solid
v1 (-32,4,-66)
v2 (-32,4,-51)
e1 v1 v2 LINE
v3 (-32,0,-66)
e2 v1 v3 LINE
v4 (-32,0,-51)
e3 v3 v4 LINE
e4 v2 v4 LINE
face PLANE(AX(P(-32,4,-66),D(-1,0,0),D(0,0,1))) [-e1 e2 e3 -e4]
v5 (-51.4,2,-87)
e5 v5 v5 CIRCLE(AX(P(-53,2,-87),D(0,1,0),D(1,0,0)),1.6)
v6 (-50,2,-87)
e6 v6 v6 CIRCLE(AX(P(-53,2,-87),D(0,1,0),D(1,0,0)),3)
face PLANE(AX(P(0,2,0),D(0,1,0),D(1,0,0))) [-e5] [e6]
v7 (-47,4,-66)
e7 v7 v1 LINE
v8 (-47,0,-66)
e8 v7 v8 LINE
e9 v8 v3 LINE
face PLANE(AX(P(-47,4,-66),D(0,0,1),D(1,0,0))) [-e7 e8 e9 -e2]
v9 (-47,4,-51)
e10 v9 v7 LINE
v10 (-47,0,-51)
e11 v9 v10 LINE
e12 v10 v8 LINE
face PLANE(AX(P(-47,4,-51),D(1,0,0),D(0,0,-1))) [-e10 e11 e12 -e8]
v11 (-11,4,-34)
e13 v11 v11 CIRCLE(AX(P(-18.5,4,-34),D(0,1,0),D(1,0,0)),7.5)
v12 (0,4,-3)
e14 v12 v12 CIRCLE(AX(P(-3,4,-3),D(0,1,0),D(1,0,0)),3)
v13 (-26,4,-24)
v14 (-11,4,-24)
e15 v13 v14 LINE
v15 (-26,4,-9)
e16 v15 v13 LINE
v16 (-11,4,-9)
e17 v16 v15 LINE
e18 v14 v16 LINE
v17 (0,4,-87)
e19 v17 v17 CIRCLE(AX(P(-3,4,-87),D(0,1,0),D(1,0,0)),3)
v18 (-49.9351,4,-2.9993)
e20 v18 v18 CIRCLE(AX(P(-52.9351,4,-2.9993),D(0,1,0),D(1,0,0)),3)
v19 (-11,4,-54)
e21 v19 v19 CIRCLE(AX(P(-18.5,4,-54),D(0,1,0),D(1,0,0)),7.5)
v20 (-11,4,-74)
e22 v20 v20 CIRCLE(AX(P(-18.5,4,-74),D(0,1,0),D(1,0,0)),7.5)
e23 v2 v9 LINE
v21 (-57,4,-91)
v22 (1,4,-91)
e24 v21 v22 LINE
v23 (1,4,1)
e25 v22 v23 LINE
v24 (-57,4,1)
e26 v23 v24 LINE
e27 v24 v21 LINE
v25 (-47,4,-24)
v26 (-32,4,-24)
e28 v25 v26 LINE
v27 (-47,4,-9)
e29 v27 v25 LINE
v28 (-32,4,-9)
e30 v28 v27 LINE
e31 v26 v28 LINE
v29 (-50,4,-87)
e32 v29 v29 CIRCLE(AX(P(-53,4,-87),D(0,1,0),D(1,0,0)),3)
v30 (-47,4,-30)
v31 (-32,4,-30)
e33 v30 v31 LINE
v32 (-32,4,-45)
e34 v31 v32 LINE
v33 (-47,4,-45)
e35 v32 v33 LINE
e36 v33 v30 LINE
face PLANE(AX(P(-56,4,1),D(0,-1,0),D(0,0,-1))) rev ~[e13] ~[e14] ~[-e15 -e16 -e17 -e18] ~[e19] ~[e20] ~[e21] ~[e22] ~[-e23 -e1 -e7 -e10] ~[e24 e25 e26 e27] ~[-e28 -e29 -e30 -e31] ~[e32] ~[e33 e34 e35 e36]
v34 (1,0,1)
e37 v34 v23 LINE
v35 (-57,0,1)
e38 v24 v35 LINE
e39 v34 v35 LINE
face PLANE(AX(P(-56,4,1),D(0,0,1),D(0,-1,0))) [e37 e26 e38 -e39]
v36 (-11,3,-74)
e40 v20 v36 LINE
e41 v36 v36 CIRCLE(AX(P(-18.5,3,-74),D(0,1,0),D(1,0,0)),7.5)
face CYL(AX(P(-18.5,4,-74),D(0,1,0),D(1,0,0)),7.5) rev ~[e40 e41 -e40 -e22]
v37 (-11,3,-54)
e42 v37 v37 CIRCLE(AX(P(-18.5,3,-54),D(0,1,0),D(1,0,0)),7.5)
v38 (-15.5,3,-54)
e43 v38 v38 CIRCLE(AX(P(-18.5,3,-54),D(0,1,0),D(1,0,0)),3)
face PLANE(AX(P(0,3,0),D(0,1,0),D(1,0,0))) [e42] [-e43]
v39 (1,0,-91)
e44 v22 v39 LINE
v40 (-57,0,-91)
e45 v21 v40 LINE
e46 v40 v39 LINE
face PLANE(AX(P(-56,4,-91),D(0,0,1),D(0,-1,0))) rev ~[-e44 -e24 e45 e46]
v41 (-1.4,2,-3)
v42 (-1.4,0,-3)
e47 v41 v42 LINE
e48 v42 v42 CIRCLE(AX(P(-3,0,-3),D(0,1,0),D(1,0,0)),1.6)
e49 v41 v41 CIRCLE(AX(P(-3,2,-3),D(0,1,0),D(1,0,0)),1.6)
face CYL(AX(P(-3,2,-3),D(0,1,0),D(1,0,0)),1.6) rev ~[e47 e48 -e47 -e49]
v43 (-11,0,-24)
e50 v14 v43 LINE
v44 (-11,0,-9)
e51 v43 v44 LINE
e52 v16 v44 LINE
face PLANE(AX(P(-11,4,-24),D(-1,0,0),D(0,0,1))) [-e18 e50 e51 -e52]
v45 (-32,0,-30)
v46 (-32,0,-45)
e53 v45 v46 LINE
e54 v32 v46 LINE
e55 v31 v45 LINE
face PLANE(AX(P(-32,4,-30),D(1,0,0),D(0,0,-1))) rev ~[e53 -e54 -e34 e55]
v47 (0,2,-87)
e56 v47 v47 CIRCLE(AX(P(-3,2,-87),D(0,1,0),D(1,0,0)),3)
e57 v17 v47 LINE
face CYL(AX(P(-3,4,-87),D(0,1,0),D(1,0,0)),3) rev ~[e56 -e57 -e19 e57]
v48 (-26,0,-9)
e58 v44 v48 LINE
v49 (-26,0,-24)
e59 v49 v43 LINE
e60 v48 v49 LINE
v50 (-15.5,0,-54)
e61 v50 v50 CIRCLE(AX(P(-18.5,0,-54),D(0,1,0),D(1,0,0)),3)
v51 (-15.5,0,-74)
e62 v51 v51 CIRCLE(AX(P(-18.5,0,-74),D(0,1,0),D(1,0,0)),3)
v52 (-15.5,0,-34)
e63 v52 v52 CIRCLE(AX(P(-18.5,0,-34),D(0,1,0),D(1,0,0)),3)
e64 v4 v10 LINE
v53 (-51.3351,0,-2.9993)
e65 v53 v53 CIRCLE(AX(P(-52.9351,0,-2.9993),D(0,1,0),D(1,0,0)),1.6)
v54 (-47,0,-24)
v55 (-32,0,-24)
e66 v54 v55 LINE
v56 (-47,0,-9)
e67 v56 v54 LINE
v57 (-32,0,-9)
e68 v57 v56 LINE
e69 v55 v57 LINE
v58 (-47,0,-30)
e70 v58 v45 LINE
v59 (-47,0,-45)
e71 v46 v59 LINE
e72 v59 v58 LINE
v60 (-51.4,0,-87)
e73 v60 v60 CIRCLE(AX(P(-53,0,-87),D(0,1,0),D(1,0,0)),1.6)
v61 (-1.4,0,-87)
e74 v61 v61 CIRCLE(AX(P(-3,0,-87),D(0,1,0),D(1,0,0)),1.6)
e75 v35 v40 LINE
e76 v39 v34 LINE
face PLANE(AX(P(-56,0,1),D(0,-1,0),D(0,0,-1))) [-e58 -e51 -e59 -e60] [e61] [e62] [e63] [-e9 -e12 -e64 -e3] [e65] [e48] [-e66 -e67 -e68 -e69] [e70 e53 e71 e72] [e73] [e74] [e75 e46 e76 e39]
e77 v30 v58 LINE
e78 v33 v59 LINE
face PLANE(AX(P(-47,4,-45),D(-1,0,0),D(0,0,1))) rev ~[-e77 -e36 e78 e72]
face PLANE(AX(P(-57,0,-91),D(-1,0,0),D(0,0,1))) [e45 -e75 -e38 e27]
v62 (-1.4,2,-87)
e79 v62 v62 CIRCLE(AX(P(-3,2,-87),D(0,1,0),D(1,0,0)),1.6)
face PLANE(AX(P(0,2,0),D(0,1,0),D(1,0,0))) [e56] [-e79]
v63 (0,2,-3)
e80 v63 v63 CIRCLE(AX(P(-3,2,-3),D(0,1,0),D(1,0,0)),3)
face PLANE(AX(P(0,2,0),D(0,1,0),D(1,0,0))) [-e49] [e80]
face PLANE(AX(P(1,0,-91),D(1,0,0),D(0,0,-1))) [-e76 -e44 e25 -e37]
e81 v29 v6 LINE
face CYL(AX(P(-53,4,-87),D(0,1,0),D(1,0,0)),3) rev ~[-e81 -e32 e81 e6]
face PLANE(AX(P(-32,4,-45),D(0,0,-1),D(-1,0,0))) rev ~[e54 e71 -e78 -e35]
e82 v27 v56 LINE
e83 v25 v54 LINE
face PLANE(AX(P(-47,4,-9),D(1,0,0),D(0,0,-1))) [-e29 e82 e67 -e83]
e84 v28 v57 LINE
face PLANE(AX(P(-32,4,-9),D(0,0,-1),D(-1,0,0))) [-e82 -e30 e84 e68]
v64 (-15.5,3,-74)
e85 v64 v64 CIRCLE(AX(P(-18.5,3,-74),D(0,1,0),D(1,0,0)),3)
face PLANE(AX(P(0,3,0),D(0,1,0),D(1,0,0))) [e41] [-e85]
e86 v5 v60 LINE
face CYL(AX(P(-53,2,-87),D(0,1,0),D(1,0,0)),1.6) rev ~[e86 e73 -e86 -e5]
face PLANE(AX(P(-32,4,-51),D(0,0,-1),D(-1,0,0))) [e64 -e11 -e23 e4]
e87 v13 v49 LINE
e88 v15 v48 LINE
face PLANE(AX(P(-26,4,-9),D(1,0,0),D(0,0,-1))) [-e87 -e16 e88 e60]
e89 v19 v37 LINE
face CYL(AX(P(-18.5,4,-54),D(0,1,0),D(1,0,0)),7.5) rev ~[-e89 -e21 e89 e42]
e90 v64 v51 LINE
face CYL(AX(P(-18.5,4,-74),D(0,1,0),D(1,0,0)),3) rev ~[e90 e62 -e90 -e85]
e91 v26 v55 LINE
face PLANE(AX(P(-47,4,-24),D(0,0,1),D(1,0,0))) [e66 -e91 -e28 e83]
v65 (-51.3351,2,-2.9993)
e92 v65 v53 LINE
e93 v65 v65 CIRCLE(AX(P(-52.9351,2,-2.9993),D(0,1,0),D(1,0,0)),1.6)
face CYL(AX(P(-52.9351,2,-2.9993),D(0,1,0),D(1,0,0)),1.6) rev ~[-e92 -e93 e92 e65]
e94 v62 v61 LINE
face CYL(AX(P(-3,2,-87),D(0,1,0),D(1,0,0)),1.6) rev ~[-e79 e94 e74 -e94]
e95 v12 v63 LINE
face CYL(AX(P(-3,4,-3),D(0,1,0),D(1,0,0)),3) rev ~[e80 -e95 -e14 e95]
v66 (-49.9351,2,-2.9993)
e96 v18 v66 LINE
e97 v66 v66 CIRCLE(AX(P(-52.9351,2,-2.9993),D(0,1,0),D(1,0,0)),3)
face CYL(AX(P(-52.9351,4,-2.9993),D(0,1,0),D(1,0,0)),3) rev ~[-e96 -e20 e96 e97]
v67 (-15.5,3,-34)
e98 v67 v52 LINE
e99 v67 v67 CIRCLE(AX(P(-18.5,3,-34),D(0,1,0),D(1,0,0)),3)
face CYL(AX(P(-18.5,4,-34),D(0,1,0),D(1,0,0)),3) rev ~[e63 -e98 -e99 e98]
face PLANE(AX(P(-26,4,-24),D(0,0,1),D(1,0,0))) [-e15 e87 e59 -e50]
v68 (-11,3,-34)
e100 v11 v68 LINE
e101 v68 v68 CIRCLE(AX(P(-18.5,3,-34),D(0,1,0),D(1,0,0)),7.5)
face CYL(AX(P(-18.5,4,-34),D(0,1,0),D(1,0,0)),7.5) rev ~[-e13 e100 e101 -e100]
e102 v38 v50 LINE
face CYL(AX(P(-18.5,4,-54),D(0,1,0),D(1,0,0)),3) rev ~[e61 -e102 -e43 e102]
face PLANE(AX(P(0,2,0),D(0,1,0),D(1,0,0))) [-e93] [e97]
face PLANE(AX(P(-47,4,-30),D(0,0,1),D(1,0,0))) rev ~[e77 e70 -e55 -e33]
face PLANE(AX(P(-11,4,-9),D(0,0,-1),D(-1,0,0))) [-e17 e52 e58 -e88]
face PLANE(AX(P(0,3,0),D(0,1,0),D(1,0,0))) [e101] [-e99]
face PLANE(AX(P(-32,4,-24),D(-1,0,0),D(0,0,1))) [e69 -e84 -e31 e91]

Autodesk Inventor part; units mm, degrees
ref_plane "YZ Plane" through (0, 0, 0) normal (1, 0, 0) x (0, 1, 0)
ref_plane "XZ Plane" through (0, 0, 0) normal (0, 1, 0) x (-1, 0, 0)
ref_plane "XY Plane" through (0, 0, 0) normal (0, 0, 1) x (1, 0, 0)
sketch "Sketch1" plane through (0, 0, 0) normal (0, 1, 0) x (-1, 0, 0)
  line L0 (0, 0) -> (0, -90)
  line L1 (0, -90) -> (56, -90)
  line L2 (56, -90) -> (56, 0)
  line L3 (56, 0) -> (0, 0)
  dimension "d0" = 90
  dimension "d1" = 56
extrude "Extrusion1" add sketch "Sketch1" along normal blind 4
sketch "Sketch2" plane through (0, 4, 0) normal (0, 1, 0) x (1, 0, 0)
  circle A0 centre (-3, 3) radius 3
  circle A1 centre (-52.9351, 2.9993) radius 3
  circle A2 centre (-53, 87) radius 3
  circle A3 centre (-3, 87) radius 3
  point P0 (0, 0)
  point P1 (-56, 0)
  point P2 (0, 90)
  point P3 (-56, 90)
  dimension "d6" = 6
  dimension "d17" = 6
  dimension "d20" = 6
  dimension "d23" = 6
sketch "Sketch5" plane through (0, 0, -90) normal (0, 0, -1) x (-1, 0, 0)
  line L0 (0, 0) -> (56, 0) projected
  line L1 (0, 0) -> (56, 0)
  line L2 (56, 0) -> (56, 4) projected
  line L3 (56, 0) -> (56, 4)
  line L4 (56, 4) -> (0, 4)
  line L5 (0, 0) -> (0, 4) projected
  line L6 (0, 0) -> (0, 4)
extrude "Extrusion2" add sketch "Sketch5" along normal blind 1
sketch "Sketch7" plane through (-56, 0, 0) normal (0, 0, 1) x (1, 0, 0)
  line L0 (0, 0) -> (0, 4) projected
  line L1 (0, 4) -> (0, 0)
  line L2 (0, 0) -> (56, 0)
  line L3 (56, 0) -> (56, 4)
  line L4 (56, 4) -> (0, 4)
extrude "Extrusion3" add sketch "Sketch7" along normal blind 1
sketch "Sketch8" plane through (0, 0, -91) normal (1, 0, 0) x (0, 0, -1)
  line L0 (-92, 0) -> (-92, 4) projected
  line L1 (0, 0) -> (-92, 0) projected
  line L2 (-92, 4) -> (-92, 0)
  line L3 (-92, 0) -> (0, 0)
  line L4 (0, 4) -> (0, 0) projected
  line L5 (0, 0) -> (0, 4)
  line L6 (0, 4) -> (-92, 4) projected
  line L7 (0, 4) -> (-92, 4)
  point P0 (-91, 0)
extrude "Extrusion4" add sketch "Sketch8" along normal blind 1
sketch "Sketch9" plane through (-56, 0, -91) normal (-1, 0, 0) x (0, 0, 1)
  line L0 (92, 0) -> (0, 0) projected
  line L1 (92, 4) -> (92, 0) projected
  line L2 (0, 0) -> (92, 0)
  line L3 (92, 0) -> (92, 4)
  line L4 (92, 4) -> (0, 4)
  line L5 (0, 4) -> (0, 0)
  point P0 (91, 0)
extrude "Extrusion5" add sketch "Sketch9" along normal blind 1
sketch "Sketch10" plane through (1, 0, -91) normal (1, 0, 0) x (0, 0, -1)
  point P0 (-91, 0)
extrude "Extrusion6" cut sketch "Sketch2" against normal blind 2
sketch "Sketch11" plane through (-3, 2, -87) normal (0, 1, 0) x (1, 0, 0)
  circle A0 centre (0, -84) radius 3 projected
  circle A1 centre (0, -84) radius 1.6
  circle A2 centre (-49.9351, -84.0007) radius 3 projected
  circle A3 centre (-49.9351, -84.0007) radius 1.6
  circle A4 centre (-50, 0) radius 3 projected
  circle A5 centre (-50, 0) radius 1.6
  circle A6 centre (0, 0) radius 3 projected
  circle A7 centre (0, 0) radius 1.6
  point P0 (3, -87)
  dimension "d26" = 3.2
  dimension "d27" = 3.2
  dimension "d28" = 3.2
  dimension "d29" = 3.2
extrude "Extrusion7" cut sketch "Sketch11" against normal blind 2 contours A1 | A3 | A5 | A7
sketch "Sketch12" plane through (0, 4, 0) normal (0, 1, 0) x (1, 0, 0)
  line L0 (-47, 9) -> (-47, 24)
  line L1 (-47, 24) -> (-32, 24)
  line L2 (-32, 24) -> (-32, 9)
  line L3 (-32, 9) -> (-47, 9)
  line L4 (-47, 30) -> (-32, 30)
  line L5 (-32, 30) -> (-32, 45)
  line L6 (-32, 45) -> (-47, 45)
  line L7 (-47, 45) -> (-47, 30)
  line L8 (-47, 51) -> (-47, 66)
  line L9 (-47, 66) -> (-32, 66)
  line L10 (-32, 66) -> (-32, 51)
  line L11 (-32, 51) -> (-47, 51)
  line L12 (-57, 91) -> (1, 91) projected
  line L13 (-26, 9) -> (-26, 24)
  line L14 (-26, 24) -> (-11, 24)
  line L15 (-11, 24) -> (-11, 9)
  line L16 (-11, 9) -> (-26, 9)
  circle A0 centre (-18.5, 34) radius 3
  circle A1 centre (-18.5, 54) radius 3
  circle A2 centre (-18.5, 74) radius 3
  line L17 (-18.5, 54) -> (-18.5, 74)
  point P0 (0, 0)
  point P1 (-57, -1)
  dimension "d34" = 15
  dimension "d35" = 15
  dimension "d37" = 15
  dimension "d39" = 15
  dimension "d44" = 15
  dimension "d46" = 6
  dimension "d48" = 6
  dimension "d50" = 6
  dimension "d57" = 20
extrude "Extrusion8" cut sketch "Sketch12" against normal blind 4
sketch "Sketch13" plane through (0, 4, 0) normal (0, 1, 0) x (1, 0, 0)
  circle A0 centre (-18.5, 34) radius 3 projected
  circle A1 centre (-18.5, 34) radius 7.5
  circle A2 centre (-18.5, 54) radius 3 projected
  circle A3 centre (-18.5, 54) radius 7.5
  circle A4 centre (-18.5, 74) radius 3 projected
  circle A5 centre (-18.5, 74) radius 7.5
  point P0 (0, 0)
  dimension "d58" = 15
  dimension "d59" = 15
  dimension "d60" = 15
extrude "Extrusion9" cut sketch "Sketch13" against normal blind 1
properties part number "streamdeck lid"
